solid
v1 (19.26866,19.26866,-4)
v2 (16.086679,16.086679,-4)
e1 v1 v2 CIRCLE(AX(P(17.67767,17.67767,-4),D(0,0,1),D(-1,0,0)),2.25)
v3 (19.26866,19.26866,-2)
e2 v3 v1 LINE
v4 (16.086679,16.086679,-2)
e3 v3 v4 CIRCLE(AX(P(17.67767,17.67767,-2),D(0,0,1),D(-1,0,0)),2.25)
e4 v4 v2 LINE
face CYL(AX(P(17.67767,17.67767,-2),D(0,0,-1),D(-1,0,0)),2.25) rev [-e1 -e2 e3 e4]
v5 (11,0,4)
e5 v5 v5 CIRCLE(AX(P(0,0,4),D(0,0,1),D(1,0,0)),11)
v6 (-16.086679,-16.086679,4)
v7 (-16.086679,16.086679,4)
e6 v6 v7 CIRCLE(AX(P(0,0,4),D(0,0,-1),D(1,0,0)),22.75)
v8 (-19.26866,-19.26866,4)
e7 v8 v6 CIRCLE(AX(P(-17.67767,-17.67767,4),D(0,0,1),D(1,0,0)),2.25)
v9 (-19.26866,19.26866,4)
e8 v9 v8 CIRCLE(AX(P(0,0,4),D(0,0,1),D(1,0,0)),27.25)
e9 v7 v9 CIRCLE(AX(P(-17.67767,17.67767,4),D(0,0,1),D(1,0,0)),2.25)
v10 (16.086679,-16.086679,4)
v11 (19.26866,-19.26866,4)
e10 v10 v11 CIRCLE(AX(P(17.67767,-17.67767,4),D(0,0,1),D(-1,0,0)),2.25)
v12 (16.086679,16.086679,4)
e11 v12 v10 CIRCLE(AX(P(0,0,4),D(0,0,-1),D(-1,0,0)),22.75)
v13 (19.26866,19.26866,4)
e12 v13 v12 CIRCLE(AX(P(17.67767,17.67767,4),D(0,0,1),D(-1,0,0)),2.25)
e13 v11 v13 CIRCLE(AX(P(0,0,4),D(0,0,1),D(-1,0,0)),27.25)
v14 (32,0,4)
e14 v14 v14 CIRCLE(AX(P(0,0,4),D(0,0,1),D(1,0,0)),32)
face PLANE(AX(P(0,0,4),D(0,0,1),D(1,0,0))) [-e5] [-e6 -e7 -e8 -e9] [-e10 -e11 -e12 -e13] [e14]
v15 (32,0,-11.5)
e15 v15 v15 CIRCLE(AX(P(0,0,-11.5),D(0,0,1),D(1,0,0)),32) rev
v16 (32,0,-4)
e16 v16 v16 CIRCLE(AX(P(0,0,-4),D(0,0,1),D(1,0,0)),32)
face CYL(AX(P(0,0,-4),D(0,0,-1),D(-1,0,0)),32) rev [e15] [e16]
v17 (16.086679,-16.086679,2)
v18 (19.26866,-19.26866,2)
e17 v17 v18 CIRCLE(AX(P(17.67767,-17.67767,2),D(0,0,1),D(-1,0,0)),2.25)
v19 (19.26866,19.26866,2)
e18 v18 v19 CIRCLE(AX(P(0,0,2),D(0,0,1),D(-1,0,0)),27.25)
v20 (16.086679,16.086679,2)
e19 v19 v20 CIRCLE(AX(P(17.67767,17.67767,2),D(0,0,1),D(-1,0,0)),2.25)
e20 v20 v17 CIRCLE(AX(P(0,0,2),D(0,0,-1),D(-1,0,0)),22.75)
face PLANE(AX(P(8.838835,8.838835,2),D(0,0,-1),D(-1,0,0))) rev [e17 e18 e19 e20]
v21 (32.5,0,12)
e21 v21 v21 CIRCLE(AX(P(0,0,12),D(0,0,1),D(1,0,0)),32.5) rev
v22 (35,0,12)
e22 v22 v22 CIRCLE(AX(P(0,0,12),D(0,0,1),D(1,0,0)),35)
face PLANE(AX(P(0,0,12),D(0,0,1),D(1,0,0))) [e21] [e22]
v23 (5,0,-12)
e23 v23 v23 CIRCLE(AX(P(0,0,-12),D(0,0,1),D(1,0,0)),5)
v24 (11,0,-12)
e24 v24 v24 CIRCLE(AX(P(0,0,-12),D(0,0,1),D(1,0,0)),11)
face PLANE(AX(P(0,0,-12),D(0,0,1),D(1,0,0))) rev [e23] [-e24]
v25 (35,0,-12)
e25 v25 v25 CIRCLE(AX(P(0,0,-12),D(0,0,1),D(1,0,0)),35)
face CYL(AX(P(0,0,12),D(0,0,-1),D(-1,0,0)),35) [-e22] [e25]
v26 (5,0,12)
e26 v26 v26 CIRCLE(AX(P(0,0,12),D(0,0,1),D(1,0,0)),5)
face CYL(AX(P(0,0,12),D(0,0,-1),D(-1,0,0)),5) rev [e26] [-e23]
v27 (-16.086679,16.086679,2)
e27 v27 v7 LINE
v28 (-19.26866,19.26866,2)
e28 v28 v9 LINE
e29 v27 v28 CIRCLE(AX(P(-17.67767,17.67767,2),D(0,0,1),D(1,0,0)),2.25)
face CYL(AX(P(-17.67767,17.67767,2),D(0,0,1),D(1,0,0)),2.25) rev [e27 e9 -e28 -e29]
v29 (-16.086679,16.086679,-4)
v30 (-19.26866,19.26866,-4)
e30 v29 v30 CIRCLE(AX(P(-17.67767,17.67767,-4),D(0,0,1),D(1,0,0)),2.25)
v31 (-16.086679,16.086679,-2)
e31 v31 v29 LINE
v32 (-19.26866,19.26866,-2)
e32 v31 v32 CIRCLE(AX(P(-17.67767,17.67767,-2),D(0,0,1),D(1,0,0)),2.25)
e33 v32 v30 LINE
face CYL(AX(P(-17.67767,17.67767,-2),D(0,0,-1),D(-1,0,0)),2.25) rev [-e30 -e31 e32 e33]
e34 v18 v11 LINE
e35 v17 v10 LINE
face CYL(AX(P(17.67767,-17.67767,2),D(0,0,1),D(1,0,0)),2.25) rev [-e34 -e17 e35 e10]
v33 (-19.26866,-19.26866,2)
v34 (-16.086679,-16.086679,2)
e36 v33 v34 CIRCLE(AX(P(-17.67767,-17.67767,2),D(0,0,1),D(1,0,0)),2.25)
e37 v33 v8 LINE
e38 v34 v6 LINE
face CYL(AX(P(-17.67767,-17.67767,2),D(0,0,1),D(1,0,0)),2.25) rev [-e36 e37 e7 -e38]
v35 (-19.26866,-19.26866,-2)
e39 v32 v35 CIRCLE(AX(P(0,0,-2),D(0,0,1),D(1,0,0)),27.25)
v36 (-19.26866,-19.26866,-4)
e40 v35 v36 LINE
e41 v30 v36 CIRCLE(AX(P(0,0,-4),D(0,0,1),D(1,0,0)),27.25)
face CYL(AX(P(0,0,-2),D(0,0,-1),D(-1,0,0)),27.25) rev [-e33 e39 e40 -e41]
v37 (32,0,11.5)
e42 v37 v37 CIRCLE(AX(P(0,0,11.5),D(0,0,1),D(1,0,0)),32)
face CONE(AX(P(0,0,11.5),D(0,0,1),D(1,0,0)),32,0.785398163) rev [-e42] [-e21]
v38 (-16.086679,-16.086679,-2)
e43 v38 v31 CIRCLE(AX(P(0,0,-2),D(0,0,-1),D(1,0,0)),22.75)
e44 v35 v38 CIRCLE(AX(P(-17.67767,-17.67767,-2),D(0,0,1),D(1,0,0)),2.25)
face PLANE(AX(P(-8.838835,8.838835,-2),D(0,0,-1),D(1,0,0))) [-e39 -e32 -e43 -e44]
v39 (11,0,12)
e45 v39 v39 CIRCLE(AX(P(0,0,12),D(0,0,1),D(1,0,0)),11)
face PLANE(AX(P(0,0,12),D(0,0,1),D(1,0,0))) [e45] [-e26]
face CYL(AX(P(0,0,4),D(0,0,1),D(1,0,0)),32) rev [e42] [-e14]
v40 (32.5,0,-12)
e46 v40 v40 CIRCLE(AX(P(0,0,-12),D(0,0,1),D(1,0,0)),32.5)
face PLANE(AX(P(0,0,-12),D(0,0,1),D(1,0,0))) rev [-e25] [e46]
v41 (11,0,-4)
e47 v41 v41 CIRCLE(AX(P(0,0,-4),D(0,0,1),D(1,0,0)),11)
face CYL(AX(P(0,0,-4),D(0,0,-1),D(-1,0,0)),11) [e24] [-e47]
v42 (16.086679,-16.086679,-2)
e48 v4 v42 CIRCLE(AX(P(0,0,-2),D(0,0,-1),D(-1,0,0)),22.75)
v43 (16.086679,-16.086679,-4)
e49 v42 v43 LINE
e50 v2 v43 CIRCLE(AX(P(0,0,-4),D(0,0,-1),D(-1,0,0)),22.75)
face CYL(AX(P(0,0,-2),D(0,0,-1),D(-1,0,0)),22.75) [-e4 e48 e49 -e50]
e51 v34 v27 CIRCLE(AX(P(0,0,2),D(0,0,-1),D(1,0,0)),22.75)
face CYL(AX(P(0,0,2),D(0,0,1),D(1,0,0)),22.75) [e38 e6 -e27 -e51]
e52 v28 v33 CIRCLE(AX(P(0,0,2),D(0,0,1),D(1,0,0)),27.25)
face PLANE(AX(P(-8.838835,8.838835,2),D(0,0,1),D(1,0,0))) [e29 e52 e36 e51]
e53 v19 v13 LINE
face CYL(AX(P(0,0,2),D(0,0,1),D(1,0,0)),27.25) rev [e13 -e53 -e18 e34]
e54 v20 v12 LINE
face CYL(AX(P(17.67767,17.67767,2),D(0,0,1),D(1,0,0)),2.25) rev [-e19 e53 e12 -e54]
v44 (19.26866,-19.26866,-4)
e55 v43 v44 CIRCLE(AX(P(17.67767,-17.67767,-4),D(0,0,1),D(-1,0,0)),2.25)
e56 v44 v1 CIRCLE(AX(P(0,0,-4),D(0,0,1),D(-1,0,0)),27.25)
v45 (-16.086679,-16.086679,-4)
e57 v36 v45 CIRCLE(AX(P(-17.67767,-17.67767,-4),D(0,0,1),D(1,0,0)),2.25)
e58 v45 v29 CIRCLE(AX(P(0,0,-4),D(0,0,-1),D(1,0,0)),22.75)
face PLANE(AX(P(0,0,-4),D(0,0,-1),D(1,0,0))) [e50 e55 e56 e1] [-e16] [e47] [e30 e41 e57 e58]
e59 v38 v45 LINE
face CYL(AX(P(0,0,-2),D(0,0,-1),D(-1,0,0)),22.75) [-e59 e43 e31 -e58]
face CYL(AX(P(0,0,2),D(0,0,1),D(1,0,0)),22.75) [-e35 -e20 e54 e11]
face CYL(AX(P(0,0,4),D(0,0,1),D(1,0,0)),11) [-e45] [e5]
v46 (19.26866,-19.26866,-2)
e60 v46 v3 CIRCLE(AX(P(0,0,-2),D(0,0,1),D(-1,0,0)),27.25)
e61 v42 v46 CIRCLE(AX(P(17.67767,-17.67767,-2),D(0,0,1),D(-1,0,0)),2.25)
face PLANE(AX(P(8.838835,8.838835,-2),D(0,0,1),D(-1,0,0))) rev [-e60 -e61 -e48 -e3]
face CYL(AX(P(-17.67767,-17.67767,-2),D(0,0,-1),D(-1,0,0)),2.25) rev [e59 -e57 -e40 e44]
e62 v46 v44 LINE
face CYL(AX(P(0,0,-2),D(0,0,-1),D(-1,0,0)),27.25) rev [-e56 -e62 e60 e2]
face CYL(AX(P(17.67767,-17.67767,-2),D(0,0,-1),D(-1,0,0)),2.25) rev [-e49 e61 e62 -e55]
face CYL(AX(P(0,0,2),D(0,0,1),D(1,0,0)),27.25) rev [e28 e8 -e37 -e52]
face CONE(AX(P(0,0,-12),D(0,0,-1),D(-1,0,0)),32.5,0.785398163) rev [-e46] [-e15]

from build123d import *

# Parameters (mm, degrees)
SKETCH_1_R               = 35
EXTRUDE_1_DEPTH          = 12
CUT_EXTRUDE_1_DEPTH      = 51.931326313
CUT_EXTRUDE_1_DEPTH_BACK = 51.931326313
SKETCH_2_R               = 5
SKETCH_3_R               = 32
SKETCH_3_R_2             = 11
CUT_EXTRUDE_2_DEPTH      = 8
CUT_EXTRUDE_3_DEPTH      = 2
CHAMFER_1_SIZE           = 0.5


with BuildPart() as part:
    # 草图1 → 凸台-拉伸1 (new, symmetric)
    with BuildSketch(Plane.XY):
        Circle(SKETCH_1_R)
    extrude(amount=EXTRUDE_1_DEPTH, both=True)

    # 草图2 → 切除-拉伸1 (cut, two sides: drawn at the far end of the back side and taken through both)
    with BuildSketch(Plane.XY.offset(-CUT_EXTRUDE_1_DEPTH_BACK)):
        Circle(SKETCH_2_R)
    extrude(amount=CUT_EXTRUDE_1_DEPTH + CUT_EXTRUDE_1_DEPTH_BACK, mode=Mode.SUBTRACT)

    # 草图3 → 切除-拉伸2 (cut)
    with BuildSketch(Plane.XY.offset(12)):
        Circle(SKETCH_3_R)
        Circle(SKETCH_3_R_2, mode=Mode.SUBTRACT)
    cut_extrude_2 = extrude(amount=-CUT_EXTRUDE_2_DEPTH, mode=Mode.SUBTRACT)

    # 草图4 → 切除-拉伸3 (cut)
    with BuildSketch(Plane.XY.offset(4)):
        with BuildLine():
            ThreePointArc((-19.268659787, 19.268659787), (-27.25, 0), (-19.268659787, -19.268659787))
            ThreePointArc((-19.268659787, -19.268659787), (-16.086679272, -19.268659787), (-16.086679272, -16.086679272))
            ThreePointArc((-16.086679272, -16.086679272), (-22.75, 0), (-16.086679272, 16.086679272))
            ThreePointArc((-16.086679272, 16.086679272), (-16.086679272, 19.268659787), (-19.268659787, 19.268659787))
        make_face()
        with BuildLine():
            ThreePointArc((19.268659787, 19.268659787), (27.25, 0), (19.268659787, -19.268659787))
            ThreePointArc((19.268659787, -19.268659787), (16.086679272, -19.268659787), (16.086679272, -16.086679272))
            ThreePointArc((16.086679272, -16.086679272), (22.75, 0), (16.086679272, 16.086679272))
            ThreePointArc((16.086679272, 16.086679272), (16.086679272, 19.268659787), (19.268659787, 19.268659787))
        make_face()
    cut_extrude_3 = extrude(amount=-CUT_EXTRUDE_3_DEPTH, mode=Mode.SUBTRACT)

    # 镜向1: 切除-拉伸2, 切除-拉伸3 across plane
    add(cut_extrude_2.mirror(Plane.XY), mode=Mode.SUBTRACT)
    add(cut_extrude_3.mirror(Plane.XY), mode=Mode.SUBTRACT)

    # 倒角1
    chamfer_1_edges = [part.edges().sort_by_distance(p)[0] for p in [
        (-32, 0, 12),
        (-32, 0, -12),
    ]]
    chamfer(chamfer_1_edges, length=CHAMFER_1_SIZE)


solid = part.part
